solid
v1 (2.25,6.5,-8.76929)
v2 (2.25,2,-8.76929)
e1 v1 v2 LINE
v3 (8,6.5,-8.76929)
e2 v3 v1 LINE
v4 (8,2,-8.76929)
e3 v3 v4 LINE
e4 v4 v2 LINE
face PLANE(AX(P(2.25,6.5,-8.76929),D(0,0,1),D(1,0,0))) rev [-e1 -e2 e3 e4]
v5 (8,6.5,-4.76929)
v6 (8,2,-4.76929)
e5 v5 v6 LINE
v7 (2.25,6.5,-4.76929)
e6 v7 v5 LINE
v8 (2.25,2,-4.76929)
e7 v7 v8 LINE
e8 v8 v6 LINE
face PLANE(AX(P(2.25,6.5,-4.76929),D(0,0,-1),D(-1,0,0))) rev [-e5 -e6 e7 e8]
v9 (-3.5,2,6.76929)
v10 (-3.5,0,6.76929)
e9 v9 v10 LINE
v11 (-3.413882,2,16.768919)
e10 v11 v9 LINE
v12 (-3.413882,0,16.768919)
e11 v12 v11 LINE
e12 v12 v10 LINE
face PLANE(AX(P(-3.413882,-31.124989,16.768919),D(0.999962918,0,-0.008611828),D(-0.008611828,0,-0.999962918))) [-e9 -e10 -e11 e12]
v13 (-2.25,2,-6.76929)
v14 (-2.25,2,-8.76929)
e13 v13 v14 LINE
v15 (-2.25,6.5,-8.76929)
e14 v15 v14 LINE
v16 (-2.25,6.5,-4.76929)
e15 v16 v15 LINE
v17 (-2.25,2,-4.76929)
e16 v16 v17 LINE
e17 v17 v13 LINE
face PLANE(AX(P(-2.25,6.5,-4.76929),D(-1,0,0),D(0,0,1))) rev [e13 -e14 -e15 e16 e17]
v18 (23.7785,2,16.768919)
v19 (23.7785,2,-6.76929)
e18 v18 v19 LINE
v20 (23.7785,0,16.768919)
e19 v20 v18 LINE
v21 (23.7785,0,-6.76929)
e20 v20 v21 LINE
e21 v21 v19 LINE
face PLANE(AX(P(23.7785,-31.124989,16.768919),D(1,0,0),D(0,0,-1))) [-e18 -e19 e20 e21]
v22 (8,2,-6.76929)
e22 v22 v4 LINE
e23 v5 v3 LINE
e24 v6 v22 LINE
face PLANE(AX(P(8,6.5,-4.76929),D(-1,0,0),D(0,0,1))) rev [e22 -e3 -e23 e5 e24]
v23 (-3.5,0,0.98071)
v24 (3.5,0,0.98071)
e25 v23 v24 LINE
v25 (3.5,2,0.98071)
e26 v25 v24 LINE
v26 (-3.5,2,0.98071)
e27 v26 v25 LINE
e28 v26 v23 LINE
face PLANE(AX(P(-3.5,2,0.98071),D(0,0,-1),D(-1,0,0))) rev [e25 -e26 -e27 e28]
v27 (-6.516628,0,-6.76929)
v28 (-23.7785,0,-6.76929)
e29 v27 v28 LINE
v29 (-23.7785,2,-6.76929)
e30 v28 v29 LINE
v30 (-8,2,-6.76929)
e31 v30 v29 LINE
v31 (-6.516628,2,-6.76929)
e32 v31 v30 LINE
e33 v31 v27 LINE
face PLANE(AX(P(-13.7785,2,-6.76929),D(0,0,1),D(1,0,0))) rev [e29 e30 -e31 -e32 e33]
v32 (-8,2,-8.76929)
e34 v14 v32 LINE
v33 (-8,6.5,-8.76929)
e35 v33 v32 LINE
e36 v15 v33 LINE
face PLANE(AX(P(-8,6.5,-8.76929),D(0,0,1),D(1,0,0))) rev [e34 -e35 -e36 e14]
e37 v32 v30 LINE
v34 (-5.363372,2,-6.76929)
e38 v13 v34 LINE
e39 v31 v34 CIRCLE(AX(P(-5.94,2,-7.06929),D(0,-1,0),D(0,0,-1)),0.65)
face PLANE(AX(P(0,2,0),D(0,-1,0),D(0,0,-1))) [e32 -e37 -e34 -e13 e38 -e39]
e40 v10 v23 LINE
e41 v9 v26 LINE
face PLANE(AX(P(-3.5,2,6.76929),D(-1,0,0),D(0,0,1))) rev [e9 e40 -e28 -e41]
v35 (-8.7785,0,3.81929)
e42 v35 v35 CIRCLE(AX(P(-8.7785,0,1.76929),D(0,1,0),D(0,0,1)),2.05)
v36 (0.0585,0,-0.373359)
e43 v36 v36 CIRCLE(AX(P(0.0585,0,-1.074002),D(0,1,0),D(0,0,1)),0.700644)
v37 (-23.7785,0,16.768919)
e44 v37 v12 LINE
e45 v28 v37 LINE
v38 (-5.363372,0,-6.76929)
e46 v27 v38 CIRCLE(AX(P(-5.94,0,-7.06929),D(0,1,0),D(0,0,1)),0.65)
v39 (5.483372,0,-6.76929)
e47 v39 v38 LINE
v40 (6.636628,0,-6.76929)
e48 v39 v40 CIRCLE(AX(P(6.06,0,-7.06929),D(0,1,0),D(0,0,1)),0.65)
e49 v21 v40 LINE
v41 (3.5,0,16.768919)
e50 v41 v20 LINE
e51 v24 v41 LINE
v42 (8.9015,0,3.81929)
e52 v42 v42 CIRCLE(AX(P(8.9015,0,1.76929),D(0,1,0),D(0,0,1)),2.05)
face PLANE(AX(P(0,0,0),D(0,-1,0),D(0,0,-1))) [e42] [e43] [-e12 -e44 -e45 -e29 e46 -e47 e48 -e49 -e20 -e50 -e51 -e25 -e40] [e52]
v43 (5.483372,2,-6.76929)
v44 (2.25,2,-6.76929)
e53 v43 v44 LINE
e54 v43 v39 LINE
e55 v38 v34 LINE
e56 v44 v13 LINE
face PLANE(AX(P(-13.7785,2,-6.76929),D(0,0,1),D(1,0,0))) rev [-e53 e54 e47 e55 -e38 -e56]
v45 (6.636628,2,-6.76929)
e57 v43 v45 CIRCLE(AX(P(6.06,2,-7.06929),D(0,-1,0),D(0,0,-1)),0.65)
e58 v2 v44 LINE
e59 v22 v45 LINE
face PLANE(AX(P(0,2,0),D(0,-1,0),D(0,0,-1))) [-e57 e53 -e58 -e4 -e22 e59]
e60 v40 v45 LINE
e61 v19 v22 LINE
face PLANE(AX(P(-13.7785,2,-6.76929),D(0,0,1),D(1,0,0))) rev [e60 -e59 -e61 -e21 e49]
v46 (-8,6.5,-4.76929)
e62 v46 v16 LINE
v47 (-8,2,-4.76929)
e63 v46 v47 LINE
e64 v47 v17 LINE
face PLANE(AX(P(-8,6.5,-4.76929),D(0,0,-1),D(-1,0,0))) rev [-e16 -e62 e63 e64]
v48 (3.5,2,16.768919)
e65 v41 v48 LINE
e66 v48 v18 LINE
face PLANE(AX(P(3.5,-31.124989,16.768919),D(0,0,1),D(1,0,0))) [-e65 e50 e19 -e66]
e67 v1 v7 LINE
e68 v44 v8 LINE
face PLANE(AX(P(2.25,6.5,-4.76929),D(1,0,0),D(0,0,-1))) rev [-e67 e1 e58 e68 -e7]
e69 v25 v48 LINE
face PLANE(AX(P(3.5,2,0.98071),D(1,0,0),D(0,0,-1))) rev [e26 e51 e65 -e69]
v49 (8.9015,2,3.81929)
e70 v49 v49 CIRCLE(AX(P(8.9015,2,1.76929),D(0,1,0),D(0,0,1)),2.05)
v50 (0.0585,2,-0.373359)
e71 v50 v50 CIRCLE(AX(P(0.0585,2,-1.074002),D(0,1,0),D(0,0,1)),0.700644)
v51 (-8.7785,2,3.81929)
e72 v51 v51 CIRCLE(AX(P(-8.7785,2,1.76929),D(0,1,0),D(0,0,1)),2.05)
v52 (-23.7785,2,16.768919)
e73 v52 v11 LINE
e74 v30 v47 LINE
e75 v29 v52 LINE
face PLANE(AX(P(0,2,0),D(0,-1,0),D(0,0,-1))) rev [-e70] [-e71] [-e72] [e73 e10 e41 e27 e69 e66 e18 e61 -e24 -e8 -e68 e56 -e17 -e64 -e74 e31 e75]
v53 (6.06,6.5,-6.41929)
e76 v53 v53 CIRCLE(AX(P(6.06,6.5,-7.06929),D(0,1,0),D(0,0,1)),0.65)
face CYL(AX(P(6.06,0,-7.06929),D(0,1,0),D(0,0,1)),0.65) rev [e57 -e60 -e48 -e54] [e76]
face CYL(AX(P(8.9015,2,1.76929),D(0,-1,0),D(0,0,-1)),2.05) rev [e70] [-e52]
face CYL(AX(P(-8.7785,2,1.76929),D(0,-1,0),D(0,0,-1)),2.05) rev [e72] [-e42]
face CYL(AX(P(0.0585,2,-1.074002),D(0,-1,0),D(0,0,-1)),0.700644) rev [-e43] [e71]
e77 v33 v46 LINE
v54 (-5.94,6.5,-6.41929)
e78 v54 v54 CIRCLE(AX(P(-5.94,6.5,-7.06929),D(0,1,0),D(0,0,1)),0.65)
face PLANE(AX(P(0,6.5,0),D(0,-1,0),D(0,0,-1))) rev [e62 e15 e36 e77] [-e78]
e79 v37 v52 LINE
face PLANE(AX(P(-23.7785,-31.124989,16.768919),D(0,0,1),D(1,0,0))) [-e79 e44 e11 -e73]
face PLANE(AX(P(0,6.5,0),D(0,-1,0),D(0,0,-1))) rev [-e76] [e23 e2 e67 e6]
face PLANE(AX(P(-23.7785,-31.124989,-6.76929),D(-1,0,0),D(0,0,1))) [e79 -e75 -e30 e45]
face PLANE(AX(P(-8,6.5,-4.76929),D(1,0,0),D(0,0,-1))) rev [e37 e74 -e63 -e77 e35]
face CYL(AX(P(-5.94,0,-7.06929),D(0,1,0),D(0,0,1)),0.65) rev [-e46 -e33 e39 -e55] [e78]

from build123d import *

# Parameters (mm, degrees)
SKETCH2_R           = 2.05
SKETCH2_R_2         = 0.700643725
BOSS_EXTRUDE1_DEPTH = 2
SKETCH3_W           = 5.75
SKETCH3_H           = 4
BOSS_EXTRUDE2_DEPTH = 4.5
SKETCH4_R           = 0.65
CUT_EXTRUDE1_DEPTH  = 18.578324987
BOSS_EXTRUDE3_DEPTH = 2


with BuildPart() as part:
    # Sketch2 → Boss-Extrude1 (new body)
    with BuildSketch(Plane(origin=(0, 0, 0), x_dir=(1, 0, 0), z_dir=(0, 1, 0))):
        Polygon((-3.5, -6.76929), (-3.5, -0.98071), (3.5, -0.98071), (3.5, -6.76929), (13.7785, -6.76929), (13.7785, 6.76929), (-13.7785, 6.76929), (-13.7785, -6.76929), align=None)
        with Locations(Location((-8.7785, -1.76929, 0), (0, 0, 270))):
            Circle(SKETCH2_R, mode=Mode.SUBTRACT)
        with Locations(Location((8.9015, -1.76929, 0), (0, 0, 270))):
            Circle(SKETCH2_R, mode=Mode.SUBTRACT)
        with Locations(Location((0.0585, 1.07400228, 0), (0, 0, 270))):
            Circle(SKETCH2_R_2, mode=Mode.SUBTRACT)
    extrude(amount=BOSS_EXTRUDE1_DEPTH)

    # Sketch3 → Boss-Extrude2 (add)
    with BuildSketch(Plane(origin=(0, 2, 0), x_dir=(1, 0, 0), z_dir=(0, 1, 0))):
        with Locations((-5.125, 6.76929)):
            Rectangle(SKETCH3_W, SKETCH3_H)
        with Locations((5.125, 6.76929)):
            Rectangle(SKETCH3_W, SKETCH3_H)
    extrude(amount=BOSS_EXTRUDE2_DEPTH)

    # Sketch4 → Cut-Extrude1 (cut, through all)
    with BuildSketch(Plane(origin=(0, 6.5, 0), x_dir=(1, 0, 0), z_dir=(0, 1, 0))):
        with Locations(Location((-5.94, 7.06929, 0), (0, 0, 270))):
            Circle(SKETCH4_R)
        with Locations(Location((6.06, 7.06929, 0), (0, 0, 270))):
            Circle(SKETCH4_R)
    extrude(amount=-CUT_EXTRUDE1_DEPTH, mode=Mode.SUBTRACT)

    # Sketch5 → Boss-Extrude3 (add)
    with BuildSketch(Plane(origin=(0, 2, 0), x_dir=(1, 0, 0), z_dir=(0, 1, 0))):
        Polygon((-13.7785, 6.76929), (-23.7785, 6.76929), (-23.7785, -16.768919175), (-3.413881725, -16.768919175), (-3.5, -6.76929), (-13.7785, -6.76929), align=None)
        Polygon((3.5, -6.76929), (3.5, -16.768919175), (23.7785, -16.768919175), (23.7785, 6.76929), (13.7785, 6.76929), (13.7785, -6.76929), align=None)
    extrude(amount=-BOSS_EXTRUDE3_DEPTH)


solid = part.part
